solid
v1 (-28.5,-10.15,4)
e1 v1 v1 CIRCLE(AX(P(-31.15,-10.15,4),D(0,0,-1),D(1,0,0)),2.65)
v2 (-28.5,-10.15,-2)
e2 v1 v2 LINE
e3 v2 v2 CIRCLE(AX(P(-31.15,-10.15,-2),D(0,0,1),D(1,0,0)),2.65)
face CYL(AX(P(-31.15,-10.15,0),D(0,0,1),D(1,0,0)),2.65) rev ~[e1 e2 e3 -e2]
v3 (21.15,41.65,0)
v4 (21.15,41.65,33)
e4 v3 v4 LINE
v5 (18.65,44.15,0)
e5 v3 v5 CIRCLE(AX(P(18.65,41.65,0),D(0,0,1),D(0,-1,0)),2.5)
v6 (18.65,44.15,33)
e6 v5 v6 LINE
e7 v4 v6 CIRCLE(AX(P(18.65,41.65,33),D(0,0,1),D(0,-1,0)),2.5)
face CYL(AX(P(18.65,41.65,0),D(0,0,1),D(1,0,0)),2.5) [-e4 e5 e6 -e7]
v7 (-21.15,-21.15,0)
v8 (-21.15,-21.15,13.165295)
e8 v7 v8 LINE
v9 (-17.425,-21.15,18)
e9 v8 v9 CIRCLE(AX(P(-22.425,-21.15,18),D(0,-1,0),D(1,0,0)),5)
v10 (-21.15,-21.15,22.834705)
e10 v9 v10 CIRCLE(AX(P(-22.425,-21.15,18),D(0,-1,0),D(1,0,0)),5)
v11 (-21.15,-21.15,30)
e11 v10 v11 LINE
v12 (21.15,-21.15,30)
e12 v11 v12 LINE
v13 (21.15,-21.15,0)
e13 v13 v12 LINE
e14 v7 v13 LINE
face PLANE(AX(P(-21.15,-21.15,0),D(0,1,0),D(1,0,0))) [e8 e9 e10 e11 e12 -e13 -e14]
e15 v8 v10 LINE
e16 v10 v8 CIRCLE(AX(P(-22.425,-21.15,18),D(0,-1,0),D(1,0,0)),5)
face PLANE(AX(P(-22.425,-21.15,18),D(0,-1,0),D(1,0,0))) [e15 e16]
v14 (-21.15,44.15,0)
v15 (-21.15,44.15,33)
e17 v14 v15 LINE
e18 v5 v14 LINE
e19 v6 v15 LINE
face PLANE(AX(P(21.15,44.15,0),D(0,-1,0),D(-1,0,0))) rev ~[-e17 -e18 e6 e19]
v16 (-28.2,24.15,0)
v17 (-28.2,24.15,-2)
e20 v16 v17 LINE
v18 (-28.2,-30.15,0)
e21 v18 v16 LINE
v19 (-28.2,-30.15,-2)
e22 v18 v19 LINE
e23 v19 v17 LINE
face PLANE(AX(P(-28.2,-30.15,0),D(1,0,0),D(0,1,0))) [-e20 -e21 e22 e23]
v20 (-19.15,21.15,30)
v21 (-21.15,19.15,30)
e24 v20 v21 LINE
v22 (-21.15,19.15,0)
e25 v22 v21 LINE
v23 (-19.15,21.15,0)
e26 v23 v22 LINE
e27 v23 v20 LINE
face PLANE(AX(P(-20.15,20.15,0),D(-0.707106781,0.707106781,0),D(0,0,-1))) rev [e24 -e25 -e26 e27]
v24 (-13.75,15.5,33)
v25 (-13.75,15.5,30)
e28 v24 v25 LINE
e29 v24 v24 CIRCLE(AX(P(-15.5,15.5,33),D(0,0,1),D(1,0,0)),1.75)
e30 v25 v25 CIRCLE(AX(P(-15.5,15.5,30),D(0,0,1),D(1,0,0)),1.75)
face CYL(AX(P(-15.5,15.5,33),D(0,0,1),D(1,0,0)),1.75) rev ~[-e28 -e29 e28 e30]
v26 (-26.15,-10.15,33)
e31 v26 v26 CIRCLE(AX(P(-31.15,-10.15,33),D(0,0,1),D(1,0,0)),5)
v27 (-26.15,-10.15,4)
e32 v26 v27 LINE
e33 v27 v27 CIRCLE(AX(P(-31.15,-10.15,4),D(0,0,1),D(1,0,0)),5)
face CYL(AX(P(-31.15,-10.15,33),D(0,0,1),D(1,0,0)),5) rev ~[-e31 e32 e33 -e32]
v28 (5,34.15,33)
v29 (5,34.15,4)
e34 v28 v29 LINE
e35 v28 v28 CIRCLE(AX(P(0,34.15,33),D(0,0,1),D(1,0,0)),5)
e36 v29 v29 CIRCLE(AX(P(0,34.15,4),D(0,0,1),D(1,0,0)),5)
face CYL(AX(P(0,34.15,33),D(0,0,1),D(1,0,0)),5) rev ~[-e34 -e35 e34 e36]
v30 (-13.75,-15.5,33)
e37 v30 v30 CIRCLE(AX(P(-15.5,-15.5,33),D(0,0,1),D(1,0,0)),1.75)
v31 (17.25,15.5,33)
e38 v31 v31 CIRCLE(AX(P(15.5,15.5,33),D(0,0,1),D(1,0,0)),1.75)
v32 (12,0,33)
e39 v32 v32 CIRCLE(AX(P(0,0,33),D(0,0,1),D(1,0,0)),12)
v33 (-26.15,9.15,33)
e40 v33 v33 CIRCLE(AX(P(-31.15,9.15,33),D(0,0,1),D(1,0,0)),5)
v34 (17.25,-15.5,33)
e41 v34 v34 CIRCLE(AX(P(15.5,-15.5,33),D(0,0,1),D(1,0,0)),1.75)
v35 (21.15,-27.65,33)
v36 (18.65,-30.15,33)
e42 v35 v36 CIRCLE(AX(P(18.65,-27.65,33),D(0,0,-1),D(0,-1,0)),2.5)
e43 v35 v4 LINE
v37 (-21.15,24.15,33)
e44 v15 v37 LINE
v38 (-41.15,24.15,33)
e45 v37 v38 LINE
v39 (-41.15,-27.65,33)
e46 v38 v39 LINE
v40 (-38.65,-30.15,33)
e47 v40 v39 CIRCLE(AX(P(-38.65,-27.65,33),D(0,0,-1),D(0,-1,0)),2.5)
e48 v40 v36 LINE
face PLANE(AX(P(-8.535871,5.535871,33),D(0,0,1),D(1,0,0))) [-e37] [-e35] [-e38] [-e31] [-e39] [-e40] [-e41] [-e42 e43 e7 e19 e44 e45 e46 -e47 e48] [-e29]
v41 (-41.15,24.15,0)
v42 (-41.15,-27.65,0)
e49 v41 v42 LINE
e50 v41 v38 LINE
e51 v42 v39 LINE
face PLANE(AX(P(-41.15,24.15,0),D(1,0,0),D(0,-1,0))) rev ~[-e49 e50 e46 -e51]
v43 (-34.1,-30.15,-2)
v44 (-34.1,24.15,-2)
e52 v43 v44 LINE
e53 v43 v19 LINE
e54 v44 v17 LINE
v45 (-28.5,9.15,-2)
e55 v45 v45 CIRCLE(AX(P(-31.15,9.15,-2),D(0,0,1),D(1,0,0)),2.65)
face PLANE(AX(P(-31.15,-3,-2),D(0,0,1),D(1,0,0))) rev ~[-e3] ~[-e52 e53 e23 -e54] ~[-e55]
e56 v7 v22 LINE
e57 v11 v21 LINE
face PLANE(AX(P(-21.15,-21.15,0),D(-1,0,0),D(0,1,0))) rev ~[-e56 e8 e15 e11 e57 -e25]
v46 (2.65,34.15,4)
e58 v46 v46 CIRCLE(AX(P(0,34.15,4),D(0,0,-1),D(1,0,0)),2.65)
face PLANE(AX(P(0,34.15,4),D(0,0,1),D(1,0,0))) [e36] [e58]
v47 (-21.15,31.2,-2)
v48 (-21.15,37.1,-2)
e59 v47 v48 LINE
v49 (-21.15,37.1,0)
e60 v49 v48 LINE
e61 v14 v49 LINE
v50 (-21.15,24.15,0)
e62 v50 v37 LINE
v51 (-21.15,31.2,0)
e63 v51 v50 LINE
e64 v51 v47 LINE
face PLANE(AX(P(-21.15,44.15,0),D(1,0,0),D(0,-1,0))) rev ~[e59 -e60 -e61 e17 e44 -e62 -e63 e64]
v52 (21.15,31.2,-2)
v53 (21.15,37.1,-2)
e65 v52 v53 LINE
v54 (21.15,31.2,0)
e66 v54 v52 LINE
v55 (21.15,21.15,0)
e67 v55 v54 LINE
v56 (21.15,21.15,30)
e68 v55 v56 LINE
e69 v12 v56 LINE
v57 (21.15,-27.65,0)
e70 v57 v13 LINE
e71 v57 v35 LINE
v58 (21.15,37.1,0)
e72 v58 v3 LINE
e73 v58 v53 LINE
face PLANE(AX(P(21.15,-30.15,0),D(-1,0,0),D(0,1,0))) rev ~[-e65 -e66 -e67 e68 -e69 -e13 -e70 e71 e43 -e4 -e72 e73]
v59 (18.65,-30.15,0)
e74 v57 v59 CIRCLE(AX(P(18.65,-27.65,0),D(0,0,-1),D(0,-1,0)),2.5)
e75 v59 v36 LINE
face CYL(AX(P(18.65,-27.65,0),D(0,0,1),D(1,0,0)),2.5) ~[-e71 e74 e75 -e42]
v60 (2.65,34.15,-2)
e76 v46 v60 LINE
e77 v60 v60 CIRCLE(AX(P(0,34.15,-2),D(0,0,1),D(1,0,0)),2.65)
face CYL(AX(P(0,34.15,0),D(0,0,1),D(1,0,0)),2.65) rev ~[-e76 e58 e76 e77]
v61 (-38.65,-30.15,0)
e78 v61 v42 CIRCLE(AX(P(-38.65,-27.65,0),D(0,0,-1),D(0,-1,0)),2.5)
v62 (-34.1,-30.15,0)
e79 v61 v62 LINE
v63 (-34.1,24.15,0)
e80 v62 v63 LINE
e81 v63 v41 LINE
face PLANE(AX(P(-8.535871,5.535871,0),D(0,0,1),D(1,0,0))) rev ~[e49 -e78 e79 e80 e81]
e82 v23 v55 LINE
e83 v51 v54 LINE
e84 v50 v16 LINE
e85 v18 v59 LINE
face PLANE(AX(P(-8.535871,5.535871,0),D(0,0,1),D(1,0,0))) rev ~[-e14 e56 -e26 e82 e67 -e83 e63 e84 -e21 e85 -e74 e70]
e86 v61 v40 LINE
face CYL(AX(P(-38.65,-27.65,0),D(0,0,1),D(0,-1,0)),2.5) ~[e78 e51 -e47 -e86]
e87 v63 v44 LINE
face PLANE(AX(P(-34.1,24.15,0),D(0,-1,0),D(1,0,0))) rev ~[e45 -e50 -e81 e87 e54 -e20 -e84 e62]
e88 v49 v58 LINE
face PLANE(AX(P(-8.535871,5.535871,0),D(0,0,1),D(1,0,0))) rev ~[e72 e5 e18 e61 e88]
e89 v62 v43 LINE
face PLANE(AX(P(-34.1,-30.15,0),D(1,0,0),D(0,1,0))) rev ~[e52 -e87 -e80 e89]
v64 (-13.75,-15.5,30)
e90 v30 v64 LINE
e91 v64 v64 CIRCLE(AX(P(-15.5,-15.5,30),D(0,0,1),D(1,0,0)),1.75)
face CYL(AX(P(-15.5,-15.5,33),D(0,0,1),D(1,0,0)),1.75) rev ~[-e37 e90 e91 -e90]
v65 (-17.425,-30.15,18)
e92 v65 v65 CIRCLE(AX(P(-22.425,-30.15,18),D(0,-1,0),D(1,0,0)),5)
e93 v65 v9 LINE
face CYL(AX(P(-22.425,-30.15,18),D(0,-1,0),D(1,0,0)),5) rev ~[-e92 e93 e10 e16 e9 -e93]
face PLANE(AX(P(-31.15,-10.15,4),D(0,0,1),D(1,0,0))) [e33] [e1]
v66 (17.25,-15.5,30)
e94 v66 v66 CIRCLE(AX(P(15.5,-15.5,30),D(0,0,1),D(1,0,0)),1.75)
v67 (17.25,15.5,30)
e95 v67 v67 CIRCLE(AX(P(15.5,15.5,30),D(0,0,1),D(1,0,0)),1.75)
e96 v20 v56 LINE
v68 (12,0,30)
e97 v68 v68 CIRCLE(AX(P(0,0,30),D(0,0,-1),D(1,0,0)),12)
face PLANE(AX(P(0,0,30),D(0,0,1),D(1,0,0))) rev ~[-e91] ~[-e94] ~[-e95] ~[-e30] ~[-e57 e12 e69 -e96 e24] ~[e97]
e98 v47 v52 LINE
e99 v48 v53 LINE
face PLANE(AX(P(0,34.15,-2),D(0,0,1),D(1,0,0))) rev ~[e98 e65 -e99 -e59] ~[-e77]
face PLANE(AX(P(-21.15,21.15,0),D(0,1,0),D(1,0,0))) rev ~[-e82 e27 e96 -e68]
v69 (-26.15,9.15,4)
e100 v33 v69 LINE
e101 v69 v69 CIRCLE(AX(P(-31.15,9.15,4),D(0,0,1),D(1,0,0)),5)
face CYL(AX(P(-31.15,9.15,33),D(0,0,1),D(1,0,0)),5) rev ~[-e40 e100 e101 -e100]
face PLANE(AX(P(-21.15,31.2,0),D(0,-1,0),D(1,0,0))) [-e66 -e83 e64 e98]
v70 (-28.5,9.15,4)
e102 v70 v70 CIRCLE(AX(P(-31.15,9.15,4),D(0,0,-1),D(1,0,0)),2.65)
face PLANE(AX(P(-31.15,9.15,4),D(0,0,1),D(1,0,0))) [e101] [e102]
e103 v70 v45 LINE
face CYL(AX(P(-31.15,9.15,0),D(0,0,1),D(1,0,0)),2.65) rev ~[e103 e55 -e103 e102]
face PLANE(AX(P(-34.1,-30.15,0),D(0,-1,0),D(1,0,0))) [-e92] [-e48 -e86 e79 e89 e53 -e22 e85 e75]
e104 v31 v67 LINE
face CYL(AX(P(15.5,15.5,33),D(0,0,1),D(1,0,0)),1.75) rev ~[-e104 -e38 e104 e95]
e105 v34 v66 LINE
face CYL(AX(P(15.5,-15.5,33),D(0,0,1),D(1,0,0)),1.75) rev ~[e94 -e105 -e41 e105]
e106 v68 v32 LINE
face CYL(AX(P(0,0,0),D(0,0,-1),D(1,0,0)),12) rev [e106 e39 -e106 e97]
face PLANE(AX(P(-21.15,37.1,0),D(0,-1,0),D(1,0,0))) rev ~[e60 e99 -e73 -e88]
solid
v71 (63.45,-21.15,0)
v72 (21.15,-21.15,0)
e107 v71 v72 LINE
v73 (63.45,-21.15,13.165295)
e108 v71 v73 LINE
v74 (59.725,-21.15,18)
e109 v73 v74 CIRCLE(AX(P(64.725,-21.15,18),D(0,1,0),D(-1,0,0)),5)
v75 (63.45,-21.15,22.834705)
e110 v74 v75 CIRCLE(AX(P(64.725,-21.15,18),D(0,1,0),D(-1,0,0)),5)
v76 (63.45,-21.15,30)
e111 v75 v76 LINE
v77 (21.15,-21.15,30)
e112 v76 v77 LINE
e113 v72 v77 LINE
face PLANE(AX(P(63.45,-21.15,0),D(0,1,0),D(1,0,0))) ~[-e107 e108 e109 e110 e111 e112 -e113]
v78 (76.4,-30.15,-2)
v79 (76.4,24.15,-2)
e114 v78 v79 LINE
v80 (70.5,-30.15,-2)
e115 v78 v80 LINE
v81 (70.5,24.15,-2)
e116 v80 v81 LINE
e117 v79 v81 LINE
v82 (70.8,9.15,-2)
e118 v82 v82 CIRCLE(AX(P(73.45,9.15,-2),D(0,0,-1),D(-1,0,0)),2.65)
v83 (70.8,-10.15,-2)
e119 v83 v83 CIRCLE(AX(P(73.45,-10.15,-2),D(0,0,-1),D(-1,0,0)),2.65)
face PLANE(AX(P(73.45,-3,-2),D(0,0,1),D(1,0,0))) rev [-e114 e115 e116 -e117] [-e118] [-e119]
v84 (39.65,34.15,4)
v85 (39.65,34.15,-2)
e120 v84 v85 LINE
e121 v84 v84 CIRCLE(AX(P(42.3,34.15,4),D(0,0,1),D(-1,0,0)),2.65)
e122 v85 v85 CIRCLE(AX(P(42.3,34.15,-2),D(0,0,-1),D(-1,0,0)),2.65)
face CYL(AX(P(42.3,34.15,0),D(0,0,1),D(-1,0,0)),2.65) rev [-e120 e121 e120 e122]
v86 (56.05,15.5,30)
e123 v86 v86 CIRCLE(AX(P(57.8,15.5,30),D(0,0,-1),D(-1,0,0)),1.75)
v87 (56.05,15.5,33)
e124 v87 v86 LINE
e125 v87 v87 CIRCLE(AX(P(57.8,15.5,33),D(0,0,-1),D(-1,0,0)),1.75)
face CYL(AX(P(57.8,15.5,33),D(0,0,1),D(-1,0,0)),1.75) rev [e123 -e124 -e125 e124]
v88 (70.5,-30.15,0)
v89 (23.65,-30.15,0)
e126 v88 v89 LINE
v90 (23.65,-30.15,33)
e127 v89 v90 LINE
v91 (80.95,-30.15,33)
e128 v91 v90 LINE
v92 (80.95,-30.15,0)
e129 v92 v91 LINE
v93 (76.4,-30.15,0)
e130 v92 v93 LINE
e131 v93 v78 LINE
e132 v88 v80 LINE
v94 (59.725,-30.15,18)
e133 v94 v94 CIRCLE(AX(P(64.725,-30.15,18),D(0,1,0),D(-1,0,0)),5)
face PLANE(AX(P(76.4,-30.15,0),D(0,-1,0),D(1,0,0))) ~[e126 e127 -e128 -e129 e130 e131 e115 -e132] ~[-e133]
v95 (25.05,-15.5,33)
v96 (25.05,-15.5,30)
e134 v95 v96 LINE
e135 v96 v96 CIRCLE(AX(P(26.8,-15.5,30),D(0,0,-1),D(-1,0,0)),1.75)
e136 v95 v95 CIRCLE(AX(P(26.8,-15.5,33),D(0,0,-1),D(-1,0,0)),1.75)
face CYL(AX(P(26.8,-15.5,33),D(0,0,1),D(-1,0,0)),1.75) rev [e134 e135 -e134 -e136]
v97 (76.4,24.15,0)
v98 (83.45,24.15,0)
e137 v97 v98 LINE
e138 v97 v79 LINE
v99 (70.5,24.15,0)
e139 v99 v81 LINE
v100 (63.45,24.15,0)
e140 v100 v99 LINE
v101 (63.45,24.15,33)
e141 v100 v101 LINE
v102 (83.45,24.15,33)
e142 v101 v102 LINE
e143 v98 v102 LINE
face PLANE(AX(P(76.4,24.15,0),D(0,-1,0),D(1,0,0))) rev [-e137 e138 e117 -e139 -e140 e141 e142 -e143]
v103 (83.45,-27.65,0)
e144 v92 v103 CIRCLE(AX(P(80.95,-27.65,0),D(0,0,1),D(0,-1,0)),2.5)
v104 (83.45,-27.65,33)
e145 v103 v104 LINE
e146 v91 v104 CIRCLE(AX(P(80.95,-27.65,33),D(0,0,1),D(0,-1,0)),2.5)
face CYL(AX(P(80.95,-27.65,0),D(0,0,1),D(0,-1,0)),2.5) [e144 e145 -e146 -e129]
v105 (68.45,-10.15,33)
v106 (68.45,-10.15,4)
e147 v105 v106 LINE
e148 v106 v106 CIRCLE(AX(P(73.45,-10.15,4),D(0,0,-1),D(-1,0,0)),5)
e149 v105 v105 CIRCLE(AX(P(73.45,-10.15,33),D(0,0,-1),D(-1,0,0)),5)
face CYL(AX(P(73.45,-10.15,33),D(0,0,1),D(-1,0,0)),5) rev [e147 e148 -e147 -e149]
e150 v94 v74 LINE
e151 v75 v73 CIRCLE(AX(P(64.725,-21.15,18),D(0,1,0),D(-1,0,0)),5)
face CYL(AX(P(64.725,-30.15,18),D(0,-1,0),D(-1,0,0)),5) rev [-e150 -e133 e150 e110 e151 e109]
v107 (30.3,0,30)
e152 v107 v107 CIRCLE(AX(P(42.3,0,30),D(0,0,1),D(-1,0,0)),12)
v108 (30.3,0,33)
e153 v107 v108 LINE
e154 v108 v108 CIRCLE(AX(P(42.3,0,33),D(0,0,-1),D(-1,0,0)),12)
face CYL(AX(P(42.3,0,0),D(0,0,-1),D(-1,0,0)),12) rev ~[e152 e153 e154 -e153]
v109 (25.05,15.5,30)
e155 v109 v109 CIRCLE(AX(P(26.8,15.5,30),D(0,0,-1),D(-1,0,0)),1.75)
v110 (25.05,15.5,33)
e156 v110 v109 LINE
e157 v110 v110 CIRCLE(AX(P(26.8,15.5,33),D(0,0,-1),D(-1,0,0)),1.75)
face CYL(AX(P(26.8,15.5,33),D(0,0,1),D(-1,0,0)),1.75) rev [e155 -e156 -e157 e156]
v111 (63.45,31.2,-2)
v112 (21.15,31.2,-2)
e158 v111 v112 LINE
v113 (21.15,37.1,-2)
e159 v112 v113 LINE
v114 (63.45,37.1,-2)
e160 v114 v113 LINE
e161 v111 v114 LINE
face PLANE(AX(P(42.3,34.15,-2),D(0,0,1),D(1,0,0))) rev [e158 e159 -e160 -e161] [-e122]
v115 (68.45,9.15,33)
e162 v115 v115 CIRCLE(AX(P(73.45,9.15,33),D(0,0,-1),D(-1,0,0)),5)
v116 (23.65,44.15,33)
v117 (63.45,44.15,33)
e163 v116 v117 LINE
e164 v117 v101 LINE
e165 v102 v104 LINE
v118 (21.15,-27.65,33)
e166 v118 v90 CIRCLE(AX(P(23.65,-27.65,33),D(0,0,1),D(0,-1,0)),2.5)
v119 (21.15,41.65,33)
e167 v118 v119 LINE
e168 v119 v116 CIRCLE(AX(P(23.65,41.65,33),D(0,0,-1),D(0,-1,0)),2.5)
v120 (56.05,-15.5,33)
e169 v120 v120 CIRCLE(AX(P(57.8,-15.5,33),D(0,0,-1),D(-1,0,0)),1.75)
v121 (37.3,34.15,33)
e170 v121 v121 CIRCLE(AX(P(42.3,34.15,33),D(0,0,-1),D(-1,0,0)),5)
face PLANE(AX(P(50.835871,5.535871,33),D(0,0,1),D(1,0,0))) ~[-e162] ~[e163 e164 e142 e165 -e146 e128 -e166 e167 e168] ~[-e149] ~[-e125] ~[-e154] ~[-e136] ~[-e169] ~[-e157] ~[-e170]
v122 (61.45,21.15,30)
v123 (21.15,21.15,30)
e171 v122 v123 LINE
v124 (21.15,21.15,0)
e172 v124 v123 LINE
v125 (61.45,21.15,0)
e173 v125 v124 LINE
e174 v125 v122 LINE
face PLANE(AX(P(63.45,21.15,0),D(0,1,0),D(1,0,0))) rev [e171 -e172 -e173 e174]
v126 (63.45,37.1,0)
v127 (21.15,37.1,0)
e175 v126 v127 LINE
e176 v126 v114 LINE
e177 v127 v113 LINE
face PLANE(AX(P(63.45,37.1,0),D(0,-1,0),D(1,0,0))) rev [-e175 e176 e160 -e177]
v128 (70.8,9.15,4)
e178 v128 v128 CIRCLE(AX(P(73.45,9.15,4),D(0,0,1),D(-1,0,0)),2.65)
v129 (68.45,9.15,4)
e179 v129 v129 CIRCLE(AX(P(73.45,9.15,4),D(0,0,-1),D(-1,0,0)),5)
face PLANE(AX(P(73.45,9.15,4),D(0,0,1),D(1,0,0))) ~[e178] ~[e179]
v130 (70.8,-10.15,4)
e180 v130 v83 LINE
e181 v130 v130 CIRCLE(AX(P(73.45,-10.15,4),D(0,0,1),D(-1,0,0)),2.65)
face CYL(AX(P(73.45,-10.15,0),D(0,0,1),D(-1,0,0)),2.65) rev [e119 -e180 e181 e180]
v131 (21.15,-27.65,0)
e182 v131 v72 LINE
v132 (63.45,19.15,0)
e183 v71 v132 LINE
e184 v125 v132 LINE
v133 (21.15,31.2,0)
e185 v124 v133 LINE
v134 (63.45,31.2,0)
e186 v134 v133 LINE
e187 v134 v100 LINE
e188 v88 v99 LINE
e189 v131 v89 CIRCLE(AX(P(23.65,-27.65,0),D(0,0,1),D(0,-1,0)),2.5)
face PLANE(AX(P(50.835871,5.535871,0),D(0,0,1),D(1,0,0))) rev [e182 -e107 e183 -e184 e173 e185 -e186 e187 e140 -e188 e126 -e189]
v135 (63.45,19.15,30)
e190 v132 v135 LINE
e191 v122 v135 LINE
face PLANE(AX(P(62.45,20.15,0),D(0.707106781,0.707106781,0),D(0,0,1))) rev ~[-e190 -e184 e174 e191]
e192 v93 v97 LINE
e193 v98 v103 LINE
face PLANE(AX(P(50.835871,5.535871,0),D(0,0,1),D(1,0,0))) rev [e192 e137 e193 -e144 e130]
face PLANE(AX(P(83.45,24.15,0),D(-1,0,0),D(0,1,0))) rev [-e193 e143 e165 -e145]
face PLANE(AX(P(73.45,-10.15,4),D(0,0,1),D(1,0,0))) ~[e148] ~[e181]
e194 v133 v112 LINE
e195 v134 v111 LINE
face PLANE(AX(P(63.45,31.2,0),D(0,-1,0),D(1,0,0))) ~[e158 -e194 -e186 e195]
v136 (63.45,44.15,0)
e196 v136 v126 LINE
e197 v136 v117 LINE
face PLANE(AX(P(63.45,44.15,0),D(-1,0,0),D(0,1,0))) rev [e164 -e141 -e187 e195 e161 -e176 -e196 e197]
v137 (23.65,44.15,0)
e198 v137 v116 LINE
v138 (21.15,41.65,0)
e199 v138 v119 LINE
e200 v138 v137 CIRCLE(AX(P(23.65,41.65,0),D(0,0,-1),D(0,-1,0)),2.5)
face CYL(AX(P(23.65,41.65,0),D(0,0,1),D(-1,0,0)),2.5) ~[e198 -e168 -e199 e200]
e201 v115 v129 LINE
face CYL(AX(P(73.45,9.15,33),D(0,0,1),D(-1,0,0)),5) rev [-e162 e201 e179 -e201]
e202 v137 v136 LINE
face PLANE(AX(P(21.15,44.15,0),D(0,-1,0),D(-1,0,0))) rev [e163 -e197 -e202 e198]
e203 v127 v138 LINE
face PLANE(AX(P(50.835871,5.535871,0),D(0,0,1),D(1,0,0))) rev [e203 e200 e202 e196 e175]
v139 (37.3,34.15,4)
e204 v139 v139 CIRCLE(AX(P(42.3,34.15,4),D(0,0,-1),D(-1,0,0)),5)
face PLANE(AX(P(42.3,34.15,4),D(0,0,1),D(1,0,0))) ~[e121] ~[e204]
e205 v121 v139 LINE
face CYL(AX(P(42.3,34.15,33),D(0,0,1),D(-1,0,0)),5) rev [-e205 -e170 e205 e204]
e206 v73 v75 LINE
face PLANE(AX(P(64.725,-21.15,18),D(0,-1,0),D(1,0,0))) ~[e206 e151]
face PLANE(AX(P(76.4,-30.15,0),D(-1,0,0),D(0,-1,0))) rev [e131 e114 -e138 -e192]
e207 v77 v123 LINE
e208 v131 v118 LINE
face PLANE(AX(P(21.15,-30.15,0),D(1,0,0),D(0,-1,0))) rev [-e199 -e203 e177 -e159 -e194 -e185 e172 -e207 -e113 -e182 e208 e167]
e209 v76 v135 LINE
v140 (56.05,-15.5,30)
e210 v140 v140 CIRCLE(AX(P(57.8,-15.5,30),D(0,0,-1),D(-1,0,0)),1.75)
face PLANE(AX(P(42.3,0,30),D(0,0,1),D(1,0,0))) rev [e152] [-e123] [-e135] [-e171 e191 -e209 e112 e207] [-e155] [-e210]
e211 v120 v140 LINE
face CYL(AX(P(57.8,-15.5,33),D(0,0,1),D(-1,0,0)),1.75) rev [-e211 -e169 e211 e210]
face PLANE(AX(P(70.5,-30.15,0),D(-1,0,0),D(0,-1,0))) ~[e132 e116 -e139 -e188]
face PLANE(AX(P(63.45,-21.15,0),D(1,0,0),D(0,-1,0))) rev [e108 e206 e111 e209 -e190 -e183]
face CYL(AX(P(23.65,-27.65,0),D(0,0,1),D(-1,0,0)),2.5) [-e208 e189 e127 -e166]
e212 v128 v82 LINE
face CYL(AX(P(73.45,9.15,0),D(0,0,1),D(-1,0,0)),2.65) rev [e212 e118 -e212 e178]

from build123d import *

# Parameters (mm, degrees)
F0_R      = 2.65
F0_R_2    = 12
F1_DEPTH  = 33
F2_R      = 5
F3_DEPTH  = 9
F4_W      = 42.3
F4_H      = 42.3
F5_DEPTH  = 30
F6_SIZE   = 2
F7_R      = 2.5
F8_R      = 5
F9_DEPTH  = 29
F10_W     = 5.9
F10_H     = 54.3
F10_R     = 2.65
F10_W_2   = 42.3
F10_H_2   = 5.9
F11_DEPTH = 2
F12_R     = 1.75
F13_DEPTH = 35.001


with BuildPart() as f1:
    # F0 (on Top) → F1 (new body)
    with BuildSketch(Plane.XY):
        Polygon((21.15, 44.15), (-21.15, 44.15), (-21.15, 24.15), (-41.15, 24.15), (-41.15, -30.15), (21.15, -30.15), align=None)
        with Locations((-31.15, -10.15)):
            Circle(F0_R, mode=Mode.SUBTRACT)
        Circle(F0_R_2, mode=Mode.SUBTRACT)
        with Locations((-31.15, 9.15)):
            Circle(F0_R, mode=Mode.SUBTRACT)
        with Locations((0, 34.15)):
            Circle(F0_R, mode=Mode.SUBTRACT)
    extrude(amount=F1_DEPTH)

    # F2 (on face) → F3 (cut)
    with BuildSketch(Plane.XZ.offset(30.15)):
        with Locations((-22.425, 18)):
            Circle(F2_R)
    extrude(amount=-F3_DEPTH, mode=Mode.SUBTRACT)

    # F4 (on face) → F5 (cut)
    with BuildSketch(Plane.XY):
        Rectangle(F4_W, F4_H)
    extrude(amount=F5_DEPTH, mode=Mode.SUBTRACT)

    # F6
    f6_edges = [f1.edges().sort_by_distance(p)[0] for p in [
        (-21.15, 21.15, 15),
    ]]
    chamfer(f6_edges, length=F6_SIZE)

    # F7
    f7_edges = [f1.edges().sort_by_distance(p)[0] for p in [
        (-41.15, -30.15, 16.5),
        (21.15, -30.15, 16.5),
        (21.15, 44.15, 16.5),
    ]]
    fillet(f7_edges, radius=F7_R)

    # F8 (on face) → F9 (cut)
    with BuildSketch(Plane.XY.offset(33)):
        with Locations((0, 34.15)):
            Circle(F8_R)
        with Locations((-31.15, 9.15)):
            Circle(F8_R)
        with Locations((-31.15, -10.15)):
            Circle(F8_R)
    extrude(amount=-F9_DEPTH, mode=Mode.SUBTRACT)

    # F10 (on face) → F11 (join)
    with BuildSketch(Plane.XY):
        with Locations((-31.15, -3)):
            Rectangle(F10_W, F10_H)
        with Locations((-31.15, -10.15)):
            Circle(F10_R, mode=Mode.SUBTRACT)
        with Locations((-31.15, 9.15)):
            Circle(F10_R, mode=Mode.SUBTRACT)
        with Locations((0, 34.15)):
            Rectangle(F10_W_2, F10_H_2)
        with Locations((0, 34.15)):
            Circle(F10_R, mode=Mode.SUBTRACT)
    extrude(amount=-F11_DEPTH)

    # F12 (on face) → F13 (cut, through all)
    with BuildSketch(Plane.XY.offset(33)):
        with Locations((15.5, 15.5)):
            Circle(F12_R)
        with Locations((15.5, -15.5)):
            Circle(F12_R)
        with Locations((-15.5, -15.5)):
            Circle(F12_R)
        with Locations((-15.5, 15.5)):
            Circle(F12_R)
    extrude(amount=-F13_DEPTH, mode=Mode.SUBTRACT)


with BuildPart() as f14_1:
    # F14: instance of F1
    add(f1.part.mirror(Plane(origin=(21.15, 15.937914, 18.148053), x_dir=(0, 1, 0), z_dir=(1, 0, 0))))


solid = Compound([f1.part, f14_1.part])
